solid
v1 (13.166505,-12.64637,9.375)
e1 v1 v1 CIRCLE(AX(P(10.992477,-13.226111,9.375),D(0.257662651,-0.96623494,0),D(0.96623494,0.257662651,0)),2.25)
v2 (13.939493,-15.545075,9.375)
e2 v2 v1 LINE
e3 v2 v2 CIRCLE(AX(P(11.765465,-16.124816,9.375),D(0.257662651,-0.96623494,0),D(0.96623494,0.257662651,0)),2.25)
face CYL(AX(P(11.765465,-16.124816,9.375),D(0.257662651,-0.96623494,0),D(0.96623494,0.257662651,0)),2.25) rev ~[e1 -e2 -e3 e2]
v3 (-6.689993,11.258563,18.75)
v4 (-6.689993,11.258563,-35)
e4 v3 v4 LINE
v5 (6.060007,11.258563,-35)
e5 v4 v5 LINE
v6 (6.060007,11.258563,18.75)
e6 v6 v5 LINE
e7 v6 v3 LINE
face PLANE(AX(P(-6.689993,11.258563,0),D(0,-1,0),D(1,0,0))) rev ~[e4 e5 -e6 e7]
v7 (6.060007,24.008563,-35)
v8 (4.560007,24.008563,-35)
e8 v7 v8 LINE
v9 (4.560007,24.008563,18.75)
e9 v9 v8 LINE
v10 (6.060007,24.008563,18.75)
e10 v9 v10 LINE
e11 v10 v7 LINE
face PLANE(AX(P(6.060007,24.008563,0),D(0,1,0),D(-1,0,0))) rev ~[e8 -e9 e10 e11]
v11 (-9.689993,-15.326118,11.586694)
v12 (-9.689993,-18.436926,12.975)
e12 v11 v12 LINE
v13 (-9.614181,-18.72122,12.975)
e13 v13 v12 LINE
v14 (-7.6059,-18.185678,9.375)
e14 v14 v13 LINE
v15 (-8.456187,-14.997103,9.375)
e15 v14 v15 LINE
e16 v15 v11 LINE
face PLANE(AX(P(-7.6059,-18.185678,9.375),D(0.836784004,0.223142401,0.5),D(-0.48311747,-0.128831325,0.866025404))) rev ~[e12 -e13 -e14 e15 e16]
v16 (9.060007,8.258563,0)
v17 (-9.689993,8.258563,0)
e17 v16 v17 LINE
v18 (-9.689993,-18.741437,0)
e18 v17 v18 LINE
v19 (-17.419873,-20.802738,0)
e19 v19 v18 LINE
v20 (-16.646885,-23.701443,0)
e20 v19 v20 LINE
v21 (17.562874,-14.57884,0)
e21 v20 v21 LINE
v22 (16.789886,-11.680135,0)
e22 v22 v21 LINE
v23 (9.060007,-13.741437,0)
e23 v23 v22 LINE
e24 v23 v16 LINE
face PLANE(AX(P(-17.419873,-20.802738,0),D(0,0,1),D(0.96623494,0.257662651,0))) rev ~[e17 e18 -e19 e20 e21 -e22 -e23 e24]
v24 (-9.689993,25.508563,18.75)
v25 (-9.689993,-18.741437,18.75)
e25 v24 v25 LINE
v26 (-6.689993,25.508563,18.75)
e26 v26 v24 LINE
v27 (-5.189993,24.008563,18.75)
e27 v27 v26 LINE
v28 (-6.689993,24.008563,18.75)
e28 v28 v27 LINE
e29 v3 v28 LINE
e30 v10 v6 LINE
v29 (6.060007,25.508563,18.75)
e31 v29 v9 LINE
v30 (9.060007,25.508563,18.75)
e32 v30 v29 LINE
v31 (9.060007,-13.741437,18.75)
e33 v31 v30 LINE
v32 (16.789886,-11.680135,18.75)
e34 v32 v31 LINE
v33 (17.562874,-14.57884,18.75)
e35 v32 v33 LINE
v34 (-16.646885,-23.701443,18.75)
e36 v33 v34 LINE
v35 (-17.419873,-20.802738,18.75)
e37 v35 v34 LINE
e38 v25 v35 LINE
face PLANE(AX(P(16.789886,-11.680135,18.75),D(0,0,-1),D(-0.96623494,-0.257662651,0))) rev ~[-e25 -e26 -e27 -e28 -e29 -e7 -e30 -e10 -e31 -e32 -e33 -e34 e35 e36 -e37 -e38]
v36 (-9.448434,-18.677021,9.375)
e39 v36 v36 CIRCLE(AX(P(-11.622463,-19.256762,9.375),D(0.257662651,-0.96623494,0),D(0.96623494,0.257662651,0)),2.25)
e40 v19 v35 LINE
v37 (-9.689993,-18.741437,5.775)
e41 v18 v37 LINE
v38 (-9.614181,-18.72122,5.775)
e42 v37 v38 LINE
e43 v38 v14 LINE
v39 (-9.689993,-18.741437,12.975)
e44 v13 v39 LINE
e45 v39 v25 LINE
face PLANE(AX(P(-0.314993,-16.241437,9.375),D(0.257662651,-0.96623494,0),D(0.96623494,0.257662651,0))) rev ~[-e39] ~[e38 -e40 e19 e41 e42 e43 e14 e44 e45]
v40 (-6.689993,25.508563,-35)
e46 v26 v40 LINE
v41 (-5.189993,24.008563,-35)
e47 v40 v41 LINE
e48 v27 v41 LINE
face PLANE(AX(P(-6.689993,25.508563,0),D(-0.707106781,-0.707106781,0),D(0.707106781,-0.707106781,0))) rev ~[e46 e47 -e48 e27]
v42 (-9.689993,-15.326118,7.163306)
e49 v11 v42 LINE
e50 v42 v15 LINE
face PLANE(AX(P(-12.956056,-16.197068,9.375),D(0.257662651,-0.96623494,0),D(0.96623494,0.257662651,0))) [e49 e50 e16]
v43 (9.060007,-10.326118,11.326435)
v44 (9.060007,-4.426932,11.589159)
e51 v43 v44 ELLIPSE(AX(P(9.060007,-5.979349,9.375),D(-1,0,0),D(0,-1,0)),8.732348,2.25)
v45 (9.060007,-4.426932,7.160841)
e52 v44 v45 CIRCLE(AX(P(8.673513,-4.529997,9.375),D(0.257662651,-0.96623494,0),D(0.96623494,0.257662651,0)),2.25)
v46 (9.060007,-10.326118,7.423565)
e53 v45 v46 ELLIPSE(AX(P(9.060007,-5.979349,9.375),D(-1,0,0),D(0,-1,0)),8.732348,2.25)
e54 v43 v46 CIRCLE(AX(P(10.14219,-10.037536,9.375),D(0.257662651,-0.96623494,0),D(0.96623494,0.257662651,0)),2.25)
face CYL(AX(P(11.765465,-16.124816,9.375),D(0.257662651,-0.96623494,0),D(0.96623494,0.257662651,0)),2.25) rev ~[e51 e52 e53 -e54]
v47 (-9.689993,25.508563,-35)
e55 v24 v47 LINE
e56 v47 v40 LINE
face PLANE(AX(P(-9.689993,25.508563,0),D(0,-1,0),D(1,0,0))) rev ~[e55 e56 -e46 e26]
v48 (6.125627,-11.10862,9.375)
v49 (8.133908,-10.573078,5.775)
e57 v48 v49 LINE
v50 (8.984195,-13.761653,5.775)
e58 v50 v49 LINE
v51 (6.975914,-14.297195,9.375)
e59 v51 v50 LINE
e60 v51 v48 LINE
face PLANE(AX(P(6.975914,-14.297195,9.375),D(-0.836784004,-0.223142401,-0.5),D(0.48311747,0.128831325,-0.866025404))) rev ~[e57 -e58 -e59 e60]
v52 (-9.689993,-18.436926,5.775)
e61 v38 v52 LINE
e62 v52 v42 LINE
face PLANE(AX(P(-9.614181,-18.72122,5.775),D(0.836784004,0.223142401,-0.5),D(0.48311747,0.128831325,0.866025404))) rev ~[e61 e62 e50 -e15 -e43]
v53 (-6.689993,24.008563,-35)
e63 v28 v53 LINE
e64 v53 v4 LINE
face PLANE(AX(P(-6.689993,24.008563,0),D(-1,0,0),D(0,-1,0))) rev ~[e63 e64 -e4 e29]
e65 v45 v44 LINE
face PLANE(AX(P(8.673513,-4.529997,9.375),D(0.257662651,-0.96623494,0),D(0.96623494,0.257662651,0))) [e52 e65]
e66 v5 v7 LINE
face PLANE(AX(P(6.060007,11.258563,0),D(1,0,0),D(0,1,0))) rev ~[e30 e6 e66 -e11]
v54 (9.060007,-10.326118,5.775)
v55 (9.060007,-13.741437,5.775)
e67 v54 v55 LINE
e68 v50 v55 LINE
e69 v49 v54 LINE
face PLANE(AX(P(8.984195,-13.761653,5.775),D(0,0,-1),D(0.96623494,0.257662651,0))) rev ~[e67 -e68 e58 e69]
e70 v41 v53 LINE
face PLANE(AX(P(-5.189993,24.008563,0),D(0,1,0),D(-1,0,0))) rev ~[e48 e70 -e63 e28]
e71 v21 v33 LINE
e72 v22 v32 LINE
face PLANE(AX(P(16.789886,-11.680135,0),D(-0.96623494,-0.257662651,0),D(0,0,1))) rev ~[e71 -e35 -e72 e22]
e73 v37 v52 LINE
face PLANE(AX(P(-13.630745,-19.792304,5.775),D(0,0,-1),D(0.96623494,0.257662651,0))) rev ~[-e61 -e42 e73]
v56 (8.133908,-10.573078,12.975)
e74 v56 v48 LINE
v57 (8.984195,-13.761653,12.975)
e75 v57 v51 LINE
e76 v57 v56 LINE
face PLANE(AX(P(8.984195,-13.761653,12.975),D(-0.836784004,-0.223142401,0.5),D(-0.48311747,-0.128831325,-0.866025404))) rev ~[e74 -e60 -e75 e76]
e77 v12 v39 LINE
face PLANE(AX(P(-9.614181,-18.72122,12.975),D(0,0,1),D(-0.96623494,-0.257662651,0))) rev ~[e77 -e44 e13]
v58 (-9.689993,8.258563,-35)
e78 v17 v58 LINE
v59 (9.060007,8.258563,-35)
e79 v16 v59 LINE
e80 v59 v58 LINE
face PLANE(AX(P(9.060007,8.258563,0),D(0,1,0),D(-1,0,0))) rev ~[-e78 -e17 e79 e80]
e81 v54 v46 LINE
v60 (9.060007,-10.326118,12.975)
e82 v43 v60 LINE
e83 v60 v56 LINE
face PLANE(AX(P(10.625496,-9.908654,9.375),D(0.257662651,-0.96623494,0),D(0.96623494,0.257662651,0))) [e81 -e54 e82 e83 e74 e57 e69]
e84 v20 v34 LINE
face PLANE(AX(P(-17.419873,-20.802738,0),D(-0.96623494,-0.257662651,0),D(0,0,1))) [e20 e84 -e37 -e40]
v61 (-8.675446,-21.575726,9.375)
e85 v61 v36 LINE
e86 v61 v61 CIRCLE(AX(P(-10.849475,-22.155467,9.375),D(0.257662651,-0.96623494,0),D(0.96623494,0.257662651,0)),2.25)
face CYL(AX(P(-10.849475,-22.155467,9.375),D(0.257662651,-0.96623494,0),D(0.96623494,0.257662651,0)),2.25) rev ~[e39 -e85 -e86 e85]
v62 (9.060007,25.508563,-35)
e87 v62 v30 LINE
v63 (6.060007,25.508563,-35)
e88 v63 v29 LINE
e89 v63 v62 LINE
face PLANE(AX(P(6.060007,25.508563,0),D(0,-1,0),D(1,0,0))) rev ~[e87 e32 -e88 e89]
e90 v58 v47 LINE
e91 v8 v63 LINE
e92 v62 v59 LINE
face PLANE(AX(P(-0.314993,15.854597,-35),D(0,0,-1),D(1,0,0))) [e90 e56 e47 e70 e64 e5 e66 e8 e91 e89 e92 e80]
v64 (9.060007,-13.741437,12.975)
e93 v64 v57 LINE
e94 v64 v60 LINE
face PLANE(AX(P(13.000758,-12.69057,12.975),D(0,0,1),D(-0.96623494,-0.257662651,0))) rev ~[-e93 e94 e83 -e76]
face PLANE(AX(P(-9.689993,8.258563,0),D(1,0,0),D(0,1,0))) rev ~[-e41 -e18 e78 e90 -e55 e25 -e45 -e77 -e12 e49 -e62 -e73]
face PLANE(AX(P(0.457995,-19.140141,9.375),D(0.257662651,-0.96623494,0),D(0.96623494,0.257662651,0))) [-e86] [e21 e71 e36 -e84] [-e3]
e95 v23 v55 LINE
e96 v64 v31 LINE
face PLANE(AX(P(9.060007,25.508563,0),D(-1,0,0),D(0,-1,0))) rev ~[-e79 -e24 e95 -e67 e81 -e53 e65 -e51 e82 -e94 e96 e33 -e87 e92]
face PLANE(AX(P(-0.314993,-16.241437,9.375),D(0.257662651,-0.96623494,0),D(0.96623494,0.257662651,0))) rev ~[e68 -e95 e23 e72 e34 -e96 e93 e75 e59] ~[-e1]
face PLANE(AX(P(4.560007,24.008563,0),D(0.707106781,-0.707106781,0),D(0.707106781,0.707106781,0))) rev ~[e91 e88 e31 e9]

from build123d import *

# Parameters (mm, degrees)
F3_DEPTH  = 18.75
F4_W      = 19.4052183703
F4_H      = 18.75
F4_W_2    = 8
F5_DEPTH  = 3
F6_R      = 2.25
F7_DEPTH  = 12
F9_DEPTH  = 3.3
F11_DEPTH = 35


with BuildPart() as f3:
    # F2 (on Top) → F3 (new body)
    with BuildSketch(Plane.XY):
        Polygon((-6.6899931507, 11.2585633857), (-6.6899931507, 24.0085633857), (-5.1899931507, 24.0085633857), (-6.6899931507, 25.5085633857), (-9.6899931507, 25.5085633857), (-9.6899931507, 24.0085633857), (-9.6899931507, 11.2585633857), (-9.6899931507, -18.7414366143), (9.0600068493, -13.7414366143), (9.0600068493, 11.2585633857), (9.0600068493, 24.0085633857), (9.0600068493, 25.5085633857), (6.0600068493, 25.5085633857), (4.5600068493, 24.0085633857), (6.0600068493, 24.0085633857), (6.0600068493, 11.2585633857), align=None)
    extrude(amount=F3_DEPTH)

    # F4 (on face) → F5 (join)
    with BuildSketch(Plane(origin=(4.0225987819, -15.0847454323, 0), x_dir=(0.9662349396, 0.2576626506, 0), z_dir=(0.2576626506, -0.9662349396, 0))):
        with Locations((-4.4891689949, 9.375)):
            Rectangle(F4_W, F4_H)
        with Locations((-18.1917781801, 9.375)):
            Rectangle(F4_W_2, F4_H)
        with Locations((9.2134401902, 9.375)):
            Rectangle(F4_W_2, F4_H)
    extrude(amount=F5_DEPTH)

    # F6 (on face) → F7 (cut)
    with BuildSketch(Plane(origin=(4.7955867336, -17.9834502511, 0), x_dir=(0.9662349396, 0.2576626506, 0), z_dir=(0.2576626506, -0.9662349396, 0))):
        with Locations((7.2134401902, 9.375)):
            Circle(F6_R)
        with Locations((-16.1917781801, 9.375)):
            Circle(F6_R)
    extrude(amount=-F7_DEPTH, mode=Mode.SUBTRACT)

    # F8 (on face) → F9 (cut)
    with BuildSketch(Plane(origin=(4.0225987819, -15.0847454323, 0), x_dir=(0.9662349396, 0.2576626506, 0), z_dir=(0.2576626506, -0.9662349396, 0))):
        Polygon((5.2134401902, 5.775), (9.2919011593, 5.775), (11.3703621284, 9.375), (9.2919011593, 12.975), (5.2134401902, 12.975), align=None)
        Polygon((5.1349792211, 5.775), (5.2134401902, 5.775), (5.2134401902, 12.975), (5.1349792211, 12.975), (3.0565182521, 9.375), align=None)
        Polygon((-18.2702391492, 5.775), (-14.1917781801, 5.775), (-14.1917781801, 12.975), (-18.2702391492, 12.975), (-20.3487001183, 9.375), align=None)
        Polygon((-14.1917781801, 12.975), (-14.1917781801, 5.775), (-14.113317211, 5.775), (-12.0348562419, 9.375), (-14.113317211, 12.975), align=None)
    extrude(amount=-F9_DEPTH, mode=Mode.SUBTRACT)

    # F10 (on face) → F11 (join)
    with BuildSketch(Plane(origin=(0, 0, 0), x_dir=(1, 0, 0), z_dir=(0, 0, -1))):
        Polygon((9.0600068493, -8.2585633857), (-9.6899931507, -8.2585633857), (-9.6899931507, -25.5085633857), (-6.6899931507, -25.5085633857), (-5.1899931507, -24.0085633857), (-6.6899931507, -24.0085633857), (-6.6899931507, -11.2585633857), (6.0600068493, -11.2585633857), (6.0600068493, -24.0085633857), (4.5600068493, -24.0085633857), (6.0600068493, -25.5085633857), (9.0600068493, -25.5085633857), align=None)
    extrude(amount=F11_DEPTH)


solid = f3.part
